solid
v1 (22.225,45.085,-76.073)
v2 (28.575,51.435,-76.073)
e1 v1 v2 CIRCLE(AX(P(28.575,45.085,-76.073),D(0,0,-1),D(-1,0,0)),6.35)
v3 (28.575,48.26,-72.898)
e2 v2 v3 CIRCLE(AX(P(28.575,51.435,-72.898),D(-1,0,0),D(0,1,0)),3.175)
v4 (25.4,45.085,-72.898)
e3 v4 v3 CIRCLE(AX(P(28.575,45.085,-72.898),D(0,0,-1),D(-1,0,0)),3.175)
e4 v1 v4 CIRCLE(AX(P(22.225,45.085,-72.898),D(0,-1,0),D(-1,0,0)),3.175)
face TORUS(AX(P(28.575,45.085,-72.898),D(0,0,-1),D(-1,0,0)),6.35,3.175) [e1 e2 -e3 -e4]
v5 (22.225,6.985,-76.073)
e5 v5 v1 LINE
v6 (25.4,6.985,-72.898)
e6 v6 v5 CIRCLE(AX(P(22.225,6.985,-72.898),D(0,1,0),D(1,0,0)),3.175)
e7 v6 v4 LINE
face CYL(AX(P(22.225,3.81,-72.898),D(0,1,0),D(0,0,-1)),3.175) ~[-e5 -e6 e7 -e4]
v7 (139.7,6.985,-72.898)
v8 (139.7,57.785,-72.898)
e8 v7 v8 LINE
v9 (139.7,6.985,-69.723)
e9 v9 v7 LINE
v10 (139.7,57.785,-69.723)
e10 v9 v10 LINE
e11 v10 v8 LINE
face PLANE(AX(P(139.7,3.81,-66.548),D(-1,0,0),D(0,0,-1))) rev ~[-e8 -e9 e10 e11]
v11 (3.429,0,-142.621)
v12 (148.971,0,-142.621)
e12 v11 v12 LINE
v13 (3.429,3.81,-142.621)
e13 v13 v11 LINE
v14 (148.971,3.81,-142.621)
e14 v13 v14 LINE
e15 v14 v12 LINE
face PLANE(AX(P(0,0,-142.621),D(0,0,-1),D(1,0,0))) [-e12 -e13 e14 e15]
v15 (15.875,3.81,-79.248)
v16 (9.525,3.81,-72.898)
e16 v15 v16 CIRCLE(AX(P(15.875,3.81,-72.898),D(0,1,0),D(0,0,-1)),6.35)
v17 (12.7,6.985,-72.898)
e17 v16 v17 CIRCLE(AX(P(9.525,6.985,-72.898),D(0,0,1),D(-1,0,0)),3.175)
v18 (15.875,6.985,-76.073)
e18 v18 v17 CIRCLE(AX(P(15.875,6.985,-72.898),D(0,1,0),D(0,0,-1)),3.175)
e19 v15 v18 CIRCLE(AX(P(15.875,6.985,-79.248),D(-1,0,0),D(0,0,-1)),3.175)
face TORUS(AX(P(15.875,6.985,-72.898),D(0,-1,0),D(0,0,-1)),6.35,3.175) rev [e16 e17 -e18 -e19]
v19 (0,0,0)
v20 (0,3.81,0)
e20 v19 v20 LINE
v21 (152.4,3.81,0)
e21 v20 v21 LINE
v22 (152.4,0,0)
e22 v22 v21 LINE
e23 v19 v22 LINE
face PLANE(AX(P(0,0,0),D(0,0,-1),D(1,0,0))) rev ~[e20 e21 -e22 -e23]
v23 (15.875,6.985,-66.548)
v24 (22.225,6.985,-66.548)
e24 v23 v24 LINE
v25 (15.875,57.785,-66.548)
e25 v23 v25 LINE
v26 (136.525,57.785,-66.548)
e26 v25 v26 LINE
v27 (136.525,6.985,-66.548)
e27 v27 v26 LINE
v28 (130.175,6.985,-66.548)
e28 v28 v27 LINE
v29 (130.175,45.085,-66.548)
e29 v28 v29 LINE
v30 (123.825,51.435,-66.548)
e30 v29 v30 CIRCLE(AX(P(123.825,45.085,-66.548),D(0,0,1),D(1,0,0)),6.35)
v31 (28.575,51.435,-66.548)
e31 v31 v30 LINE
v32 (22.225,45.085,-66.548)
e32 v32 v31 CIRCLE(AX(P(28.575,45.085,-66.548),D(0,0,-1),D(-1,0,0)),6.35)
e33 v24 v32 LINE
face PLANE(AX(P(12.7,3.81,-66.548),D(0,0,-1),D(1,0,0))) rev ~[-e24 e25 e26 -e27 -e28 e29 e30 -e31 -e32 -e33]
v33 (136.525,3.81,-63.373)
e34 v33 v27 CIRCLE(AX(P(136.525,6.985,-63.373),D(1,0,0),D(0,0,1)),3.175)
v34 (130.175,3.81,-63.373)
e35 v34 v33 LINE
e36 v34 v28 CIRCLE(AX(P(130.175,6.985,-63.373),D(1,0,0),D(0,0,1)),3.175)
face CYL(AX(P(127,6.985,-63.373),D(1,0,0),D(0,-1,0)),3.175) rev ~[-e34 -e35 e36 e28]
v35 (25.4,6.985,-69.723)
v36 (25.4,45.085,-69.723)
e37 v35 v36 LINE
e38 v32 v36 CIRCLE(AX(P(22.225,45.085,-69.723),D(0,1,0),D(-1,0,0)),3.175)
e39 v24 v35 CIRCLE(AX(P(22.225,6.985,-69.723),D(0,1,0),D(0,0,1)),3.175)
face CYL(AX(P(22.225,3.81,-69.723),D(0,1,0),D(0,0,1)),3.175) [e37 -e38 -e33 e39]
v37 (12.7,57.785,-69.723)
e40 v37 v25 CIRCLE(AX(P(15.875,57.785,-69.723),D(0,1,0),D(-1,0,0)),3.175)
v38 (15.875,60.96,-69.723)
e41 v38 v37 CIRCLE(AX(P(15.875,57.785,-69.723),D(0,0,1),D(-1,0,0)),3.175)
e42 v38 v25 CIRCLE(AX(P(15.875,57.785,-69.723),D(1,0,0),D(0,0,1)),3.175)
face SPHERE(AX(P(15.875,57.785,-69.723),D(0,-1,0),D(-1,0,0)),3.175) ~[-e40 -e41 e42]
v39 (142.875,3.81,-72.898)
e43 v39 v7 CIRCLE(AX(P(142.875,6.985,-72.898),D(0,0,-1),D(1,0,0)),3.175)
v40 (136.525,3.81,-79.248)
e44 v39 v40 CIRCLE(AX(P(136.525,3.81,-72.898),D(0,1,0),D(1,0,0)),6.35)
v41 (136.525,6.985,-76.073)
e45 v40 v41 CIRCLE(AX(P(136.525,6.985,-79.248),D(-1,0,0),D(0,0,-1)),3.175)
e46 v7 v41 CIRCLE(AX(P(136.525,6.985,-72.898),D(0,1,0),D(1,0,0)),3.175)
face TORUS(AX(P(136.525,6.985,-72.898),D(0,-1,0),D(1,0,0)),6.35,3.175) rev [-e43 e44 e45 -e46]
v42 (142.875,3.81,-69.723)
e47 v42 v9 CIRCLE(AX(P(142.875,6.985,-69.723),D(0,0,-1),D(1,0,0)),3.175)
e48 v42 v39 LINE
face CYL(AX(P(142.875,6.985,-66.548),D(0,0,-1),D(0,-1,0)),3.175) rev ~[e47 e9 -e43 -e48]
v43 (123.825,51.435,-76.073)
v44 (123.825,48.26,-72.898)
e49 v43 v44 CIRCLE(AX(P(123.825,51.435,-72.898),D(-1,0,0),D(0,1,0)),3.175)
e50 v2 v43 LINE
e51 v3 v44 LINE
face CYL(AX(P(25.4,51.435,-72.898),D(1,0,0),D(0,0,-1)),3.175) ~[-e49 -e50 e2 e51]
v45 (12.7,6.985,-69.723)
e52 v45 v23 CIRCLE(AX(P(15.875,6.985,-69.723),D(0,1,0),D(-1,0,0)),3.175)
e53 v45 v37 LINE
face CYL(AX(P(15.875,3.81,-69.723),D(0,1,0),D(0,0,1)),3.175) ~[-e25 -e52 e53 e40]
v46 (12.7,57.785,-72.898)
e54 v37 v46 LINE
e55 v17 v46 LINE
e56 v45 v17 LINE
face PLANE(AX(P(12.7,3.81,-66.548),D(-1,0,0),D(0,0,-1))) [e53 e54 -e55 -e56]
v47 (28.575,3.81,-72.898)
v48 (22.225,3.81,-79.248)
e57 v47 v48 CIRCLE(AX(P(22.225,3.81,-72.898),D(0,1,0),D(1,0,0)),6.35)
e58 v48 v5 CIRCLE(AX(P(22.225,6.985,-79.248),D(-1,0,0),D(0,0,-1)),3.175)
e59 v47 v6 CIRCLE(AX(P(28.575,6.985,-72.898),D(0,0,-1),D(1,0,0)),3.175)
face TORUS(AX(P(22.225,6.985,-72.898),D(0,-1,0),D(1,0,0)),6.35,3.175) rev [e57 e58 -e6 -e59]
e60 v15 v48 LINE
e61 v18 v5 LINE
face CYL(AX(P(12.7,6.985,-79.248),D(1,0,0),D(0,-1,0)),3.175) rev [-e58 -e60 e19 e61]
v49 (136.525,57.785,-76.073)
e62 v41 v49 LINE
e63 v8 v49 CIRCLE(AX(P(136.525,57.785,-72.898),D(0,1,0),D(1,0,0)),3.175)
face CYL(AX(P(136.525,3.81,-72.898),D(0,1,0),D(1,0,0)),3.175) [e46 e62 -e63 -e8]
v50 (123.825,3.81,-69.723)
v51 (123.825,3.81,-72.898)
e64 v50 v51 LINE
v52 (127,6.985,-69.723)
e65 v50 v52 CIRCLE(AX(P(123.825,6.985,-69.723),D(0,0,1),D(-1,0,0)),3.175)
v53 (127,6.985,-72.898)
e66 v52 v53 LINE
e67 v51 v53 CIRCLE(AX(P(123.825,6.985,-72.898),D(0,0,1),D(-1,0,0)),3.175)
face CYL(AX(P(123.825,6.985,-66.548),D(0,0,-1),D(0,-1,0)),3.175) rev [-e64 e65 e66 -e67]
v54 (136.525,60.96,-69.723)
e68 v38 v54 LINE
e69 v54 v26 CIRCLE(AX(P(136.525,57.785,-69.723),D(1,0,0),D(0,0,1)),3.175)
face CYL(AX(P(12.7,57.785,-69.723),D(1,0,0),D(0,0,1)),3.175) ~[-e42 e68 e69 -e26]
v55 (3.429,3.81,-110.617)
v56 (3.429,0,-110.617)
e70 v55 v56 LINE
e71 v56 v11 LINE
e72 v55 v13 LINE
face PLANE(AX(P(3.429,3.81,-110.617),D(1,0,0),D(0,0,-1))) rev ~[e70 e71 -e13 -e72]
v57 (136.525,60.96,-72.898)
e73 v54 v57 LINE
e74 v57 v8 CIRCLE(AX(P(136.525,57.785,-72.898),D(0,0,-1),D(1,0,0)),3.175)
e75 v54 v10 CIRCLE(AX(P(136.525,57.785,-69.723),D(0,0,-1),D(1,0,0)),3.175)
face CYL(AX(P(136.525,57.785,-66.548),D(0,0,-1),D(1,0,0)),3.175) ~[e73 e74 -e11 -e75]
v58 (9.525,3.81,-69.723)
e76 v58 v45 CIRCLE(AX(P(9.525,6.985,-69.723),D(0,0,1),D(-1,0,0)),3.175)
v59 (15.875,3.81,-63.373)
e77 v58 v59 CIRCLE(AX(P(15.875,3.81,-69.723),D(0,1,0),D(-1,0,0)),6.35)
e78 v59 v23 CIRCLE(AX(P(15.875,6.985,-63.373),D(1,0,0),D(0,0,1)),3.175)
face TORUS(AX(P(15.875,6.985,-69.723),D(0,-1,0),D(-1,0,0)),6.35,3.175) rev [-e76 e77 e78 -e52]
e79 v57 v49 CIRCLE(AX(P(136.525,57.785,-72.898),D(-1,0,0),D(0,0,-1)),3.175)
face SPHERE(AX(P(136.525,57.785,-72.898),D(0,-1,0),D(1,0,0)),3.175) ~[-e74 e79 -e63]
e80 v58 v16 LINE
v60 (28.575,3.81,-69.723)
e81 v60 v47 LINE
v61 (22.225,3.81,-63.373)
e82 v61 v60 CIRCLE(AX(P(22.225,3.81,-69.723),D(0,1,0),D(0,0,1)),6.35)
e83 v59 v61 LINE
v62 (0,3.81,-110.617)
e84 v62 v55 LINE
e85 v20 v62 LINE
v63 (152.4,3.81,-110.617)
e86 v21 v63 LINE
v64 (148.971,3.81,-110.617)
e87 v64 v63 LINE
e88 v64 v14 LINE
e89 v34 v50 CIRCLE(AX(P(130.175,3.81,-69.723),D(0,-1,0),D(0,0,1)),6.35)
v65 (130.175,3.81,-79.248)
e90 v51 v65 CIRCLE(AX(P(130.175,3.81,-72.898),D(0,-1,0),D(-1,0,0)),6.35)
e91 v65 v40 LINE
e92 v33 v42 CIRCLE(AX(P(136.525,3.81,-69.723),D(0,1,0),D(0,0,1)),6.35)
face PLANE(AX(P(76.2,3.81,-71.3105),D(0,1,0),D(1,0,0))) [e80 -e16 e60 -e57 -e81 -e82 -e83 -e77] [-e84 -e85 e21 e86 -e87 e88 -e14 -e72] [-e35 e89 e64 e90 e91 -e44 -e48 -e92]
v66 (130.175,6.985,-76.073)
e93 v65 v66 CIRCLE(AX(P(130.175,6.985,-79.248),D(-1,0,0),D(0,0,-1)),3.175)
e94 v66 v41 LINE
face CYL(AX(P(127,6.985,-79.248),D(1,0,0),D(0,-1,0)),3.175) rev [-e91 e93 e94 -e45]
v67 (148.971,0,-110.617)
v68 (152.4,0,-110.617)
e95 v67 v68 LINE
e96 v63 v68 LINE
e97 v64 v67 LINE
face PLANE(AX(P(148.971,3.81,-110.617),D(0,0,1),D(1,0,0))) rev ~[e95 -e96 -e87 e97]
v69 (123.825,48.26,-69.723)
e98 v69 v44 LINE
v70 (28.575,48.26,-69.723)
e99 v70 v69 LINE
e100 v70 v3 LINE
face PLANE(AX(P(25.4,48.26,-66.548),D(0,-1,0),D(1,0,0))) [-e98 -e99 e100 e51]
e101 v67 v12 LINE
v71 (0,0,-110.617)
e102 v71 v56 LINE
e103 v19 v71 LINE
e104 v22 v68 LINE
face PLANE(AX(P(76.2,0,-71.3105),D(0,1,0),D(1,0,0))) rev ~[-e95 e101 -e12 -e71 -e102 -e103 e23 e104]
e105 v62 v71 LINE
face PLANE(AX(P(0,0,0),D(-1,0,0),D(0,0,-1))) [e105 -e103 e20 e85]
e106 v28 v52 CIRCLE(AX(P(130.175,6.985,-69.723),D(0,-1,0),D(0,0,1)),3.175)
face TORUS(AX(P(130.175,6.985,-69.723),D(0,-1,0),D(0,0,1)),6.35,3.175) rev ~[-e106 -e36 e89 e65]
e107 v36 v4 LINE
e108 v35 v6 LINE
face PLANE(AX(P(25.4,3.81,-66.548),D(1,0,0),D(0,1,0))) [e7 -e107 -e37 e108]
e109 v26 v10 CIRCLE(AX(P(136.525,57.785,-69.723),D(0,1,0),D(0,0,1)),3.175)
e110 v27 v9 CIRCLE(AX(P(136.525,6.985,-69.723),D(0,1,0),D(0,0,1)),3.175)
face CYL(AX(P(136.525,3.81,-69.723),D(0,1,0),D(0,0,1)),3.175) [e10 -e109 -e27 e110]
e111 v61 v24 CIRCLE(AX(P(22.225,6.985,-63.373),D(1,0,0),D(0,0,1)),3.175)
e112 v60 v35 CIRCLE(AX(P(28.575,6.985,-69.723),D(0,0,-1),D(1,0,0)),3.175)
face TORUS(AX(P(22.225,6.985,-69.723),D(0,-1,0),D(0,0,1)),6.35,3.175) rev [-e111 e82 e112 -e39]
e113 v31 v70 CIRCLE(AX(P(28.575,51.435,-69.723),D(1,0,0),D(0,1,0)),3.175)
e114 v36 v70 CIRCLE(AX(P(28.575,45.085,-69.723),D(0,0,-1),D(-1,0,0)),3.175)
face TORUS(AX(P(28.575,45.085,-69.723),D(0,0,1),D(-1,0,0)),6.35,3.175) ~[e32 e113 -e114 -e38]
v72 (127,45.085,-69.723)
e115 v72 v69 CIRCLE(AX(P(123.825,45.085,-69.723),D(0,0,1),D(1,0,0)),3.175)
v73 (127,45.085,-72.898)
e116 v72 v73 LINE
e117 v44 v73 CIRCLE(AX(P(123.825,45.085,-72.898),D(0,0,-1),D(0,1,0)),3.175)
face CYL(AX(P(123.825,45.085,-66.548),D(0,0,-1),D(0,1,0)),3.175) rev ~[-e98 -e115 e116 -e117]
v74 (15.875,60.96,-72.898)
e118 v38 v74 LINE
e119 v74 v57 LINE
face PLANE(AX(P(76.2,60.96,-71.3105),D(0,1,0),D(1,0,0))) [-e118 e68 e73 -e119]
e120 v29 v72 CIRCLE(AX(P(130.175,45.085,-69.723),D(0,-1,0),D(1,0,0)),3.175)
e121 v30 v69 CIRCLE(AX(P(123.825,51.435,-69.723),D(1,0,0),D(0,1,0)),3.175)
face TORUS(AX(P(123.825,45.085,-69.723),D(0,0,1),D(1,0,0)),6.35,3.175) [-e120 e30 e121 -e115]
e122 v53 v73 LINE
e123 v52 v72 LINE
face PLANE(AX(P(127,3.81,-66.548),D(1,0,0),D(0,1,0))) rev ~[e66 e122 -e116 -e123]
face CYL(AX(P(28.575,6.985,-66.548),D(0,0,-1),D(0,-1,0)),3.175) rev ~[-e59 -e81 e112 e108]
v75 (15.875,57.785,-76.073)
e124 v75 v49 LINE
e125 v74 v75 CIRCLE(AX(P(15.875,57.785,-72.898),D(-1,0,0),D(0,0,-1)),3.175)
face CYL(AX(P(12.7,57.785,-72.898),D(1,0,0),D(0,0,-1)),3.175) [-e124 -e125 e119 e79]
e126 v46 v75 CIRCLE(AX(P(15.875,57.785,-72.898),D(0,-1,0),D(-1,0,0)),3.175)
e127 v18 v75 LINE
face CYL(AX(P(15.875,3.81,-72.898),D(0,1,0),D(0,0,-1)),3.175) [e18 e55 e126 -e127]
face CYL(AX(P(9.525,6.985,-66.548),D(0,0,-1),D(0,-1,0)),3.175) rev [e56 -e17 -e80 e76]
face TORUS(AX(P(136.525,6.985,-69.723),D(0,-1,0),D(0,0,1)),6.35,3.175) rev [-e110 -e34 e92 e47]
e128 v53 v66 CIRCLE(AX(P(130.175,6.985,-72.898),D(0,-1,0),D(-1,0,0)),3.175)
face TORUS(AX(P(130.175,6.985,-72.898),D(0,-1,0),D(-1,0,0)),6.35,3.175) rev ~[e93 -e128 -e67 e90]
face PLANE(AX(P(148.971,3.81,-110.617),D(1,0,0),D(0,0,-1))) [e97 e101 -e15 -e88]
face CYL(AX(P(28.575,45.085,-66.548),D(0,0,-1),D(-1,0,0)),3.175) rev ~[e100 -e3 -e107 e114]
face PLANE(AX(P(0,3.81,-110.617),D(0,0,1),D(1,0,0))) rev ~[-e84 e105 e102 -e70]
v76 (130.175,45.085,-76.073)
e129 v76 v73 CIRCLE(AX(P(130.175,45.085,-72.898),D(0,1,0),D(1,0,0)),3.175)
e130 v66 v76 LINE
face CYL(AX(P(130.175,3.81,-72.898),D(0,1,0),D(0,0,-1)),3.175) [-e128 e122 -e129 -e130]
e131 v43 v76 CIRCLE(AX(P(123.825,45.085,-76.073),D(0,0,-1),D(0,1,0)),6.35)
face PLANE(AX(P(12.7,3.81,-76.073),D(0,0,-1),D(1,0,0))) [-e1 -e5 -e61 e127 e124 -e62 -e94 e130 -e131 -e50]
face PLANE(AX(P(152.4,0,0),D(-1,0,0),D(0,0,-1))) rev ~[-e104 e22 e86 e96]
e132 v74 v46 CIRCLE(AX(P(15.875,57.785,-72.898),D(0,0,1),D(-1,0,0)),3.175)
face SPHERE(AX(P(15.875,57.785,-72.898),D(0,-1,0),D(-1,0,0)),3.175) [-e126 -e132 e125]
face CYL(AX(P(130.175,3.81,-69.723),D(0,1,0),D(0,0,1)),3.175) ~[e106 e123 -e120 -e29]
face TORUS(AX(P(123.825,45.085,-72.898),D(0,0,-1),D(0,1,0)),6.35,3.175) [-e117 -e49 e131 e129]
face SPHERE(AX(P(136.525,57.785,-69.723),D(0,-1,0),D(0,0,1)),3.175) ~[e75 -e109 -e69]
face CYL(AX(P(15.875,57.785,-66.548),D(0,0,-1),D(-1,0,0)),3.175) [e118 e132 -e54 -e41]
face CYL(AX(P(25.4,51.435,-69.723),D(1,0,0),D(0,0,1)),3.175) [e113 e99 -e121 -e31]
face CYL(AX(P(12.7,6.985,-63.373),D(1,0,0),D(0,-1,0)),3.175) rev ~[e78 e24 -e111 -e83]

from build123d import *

# Parameters (mm, degrees)
SKETCH1_W           = 152.4
SKETCH1_H           = 142.621
BOSS_EXTRUDE1_DEPTH = 3.81
SKETCH2_W           = 127
SKETCH2_H           = 9.525
BOSS_EXTRUDE2_DEPTH = 57.15
CUT_EXTRUDE1_REACH  = 182.912
SKETCH3_W           = 101.6
SKETCH3_H           = 44.45
FILLET1_R           = 3.175
SKETCH4_W           = 3.429
SKETCH4_H           = 32.004
CUT_EXTRUDE2_DEPTH  = 217.408484448


with BuildPart() as part:
    # Sketch1 → Boss-Extrude1 (new body)
    with BuildSketch(Plane(origin=(0, 0, 0), x_dir=(1, 0, 0), z_dir=(0, 1, 0))):
        with Locations((76.2, 71.3105)):
            Rectangle(SKETCH1_W, SKETCH1_H)
    extrude(amount=BOSS_EXTRUDE1_DEPTH)

    # Sketch2 → Boss-Extrude2 (add)
    with BuildSketch(Plane(origin=(0, 3.81, 0), x_dir=(1, 0, 0), z_dir=(0, 1, 0))):
        with Locations((76.2, 71.3105)):
            Rectangle(SKETCH2_W, SKETCH2_H)
    extrude(amount=BOSS_EXTRUDE2_DEPTH)

    # Sketch3 → Cut-Extrude1 (cut, up to next)
    with BuildSketch(Plane.XY.offset(-66.548), mode=Mode.PRIVATE) as cut_extrude1_sk1:
        with Locations((76.2, 26.035)):
            Rectangle(SKETCH3_W, SKETCH3_H)
    cut_extrude1_tool1 = extrude(cut_extrude1_sk1.sketch, amount=-CUT_EXTRUDE1_REACH, mode=Mode.PRIVATE) & part.part
    add(cut_extrude1_tool1.solids().sort_by_distance((76.2, 26.035, -66.548))[0], mode=Mode.SUBTRACT)

    # Fillet1
    fillet1_edges = [part.edges().sort_by_distance(p)[0] for p in [
        (12.7, 3.81, -71.3105),
        (12.7, 32.385, -76.073),
        (19.05, 3.81, -66.548),
        (12.7, 32.385, -66.548),
        (139.7, 3.81, -71.3105),
        (139.7, 32.385, -66.548),
        (133.35, 3.81, -76.073),
        (139.7, 32.385, -76.073),
        (12.7, 60.96, -71.3105),
        (76.2, 60.96, -66.548),
        (139.7, 60.96, -71.3105),
        (76.2, 60.96, -76.073),
        (19.05, 3.81, -76.073),
        (133.35, 3.81, -66.548),
        (25.4, 26.035, -76.073),
        (76.2, 48.26, -76.073),
        (127, 26.035, -76.073),
        (25.4, 3.81, -71.3105),
        (25.4, 48.26, -71.3105),
        (127, 48.26, -71.3105),
        (127, 3.81, -71.3105),
        (25.4, 26.035, -66.548),
        (127, 26.035, -66.548),
        (76.2, 48.26, -66.548),
    ]]
    fillet(fillet1_edges, radius=FILLET1_R)

    # Sketch4 → Cut-Extrude2 (cut, through all)
    with BuildSketch(Plane(origin=(0, 3.81, 0), x_dir=(1, 0, 0), z_dir=(0, 1, 0))):
        with Locations((1.7145, 126.619)):
            Rectangle(SKETCH4_W, SKETCH4_H)
        with Locations((150.6855, 126.619)):
            Rectangle(SKETCH4_W, SKETCH4_H)
    extrude(amount=-CUT_EXTRUDE2_DEPTH, mode=Mode.SUBTRACT)


solid = part.part
